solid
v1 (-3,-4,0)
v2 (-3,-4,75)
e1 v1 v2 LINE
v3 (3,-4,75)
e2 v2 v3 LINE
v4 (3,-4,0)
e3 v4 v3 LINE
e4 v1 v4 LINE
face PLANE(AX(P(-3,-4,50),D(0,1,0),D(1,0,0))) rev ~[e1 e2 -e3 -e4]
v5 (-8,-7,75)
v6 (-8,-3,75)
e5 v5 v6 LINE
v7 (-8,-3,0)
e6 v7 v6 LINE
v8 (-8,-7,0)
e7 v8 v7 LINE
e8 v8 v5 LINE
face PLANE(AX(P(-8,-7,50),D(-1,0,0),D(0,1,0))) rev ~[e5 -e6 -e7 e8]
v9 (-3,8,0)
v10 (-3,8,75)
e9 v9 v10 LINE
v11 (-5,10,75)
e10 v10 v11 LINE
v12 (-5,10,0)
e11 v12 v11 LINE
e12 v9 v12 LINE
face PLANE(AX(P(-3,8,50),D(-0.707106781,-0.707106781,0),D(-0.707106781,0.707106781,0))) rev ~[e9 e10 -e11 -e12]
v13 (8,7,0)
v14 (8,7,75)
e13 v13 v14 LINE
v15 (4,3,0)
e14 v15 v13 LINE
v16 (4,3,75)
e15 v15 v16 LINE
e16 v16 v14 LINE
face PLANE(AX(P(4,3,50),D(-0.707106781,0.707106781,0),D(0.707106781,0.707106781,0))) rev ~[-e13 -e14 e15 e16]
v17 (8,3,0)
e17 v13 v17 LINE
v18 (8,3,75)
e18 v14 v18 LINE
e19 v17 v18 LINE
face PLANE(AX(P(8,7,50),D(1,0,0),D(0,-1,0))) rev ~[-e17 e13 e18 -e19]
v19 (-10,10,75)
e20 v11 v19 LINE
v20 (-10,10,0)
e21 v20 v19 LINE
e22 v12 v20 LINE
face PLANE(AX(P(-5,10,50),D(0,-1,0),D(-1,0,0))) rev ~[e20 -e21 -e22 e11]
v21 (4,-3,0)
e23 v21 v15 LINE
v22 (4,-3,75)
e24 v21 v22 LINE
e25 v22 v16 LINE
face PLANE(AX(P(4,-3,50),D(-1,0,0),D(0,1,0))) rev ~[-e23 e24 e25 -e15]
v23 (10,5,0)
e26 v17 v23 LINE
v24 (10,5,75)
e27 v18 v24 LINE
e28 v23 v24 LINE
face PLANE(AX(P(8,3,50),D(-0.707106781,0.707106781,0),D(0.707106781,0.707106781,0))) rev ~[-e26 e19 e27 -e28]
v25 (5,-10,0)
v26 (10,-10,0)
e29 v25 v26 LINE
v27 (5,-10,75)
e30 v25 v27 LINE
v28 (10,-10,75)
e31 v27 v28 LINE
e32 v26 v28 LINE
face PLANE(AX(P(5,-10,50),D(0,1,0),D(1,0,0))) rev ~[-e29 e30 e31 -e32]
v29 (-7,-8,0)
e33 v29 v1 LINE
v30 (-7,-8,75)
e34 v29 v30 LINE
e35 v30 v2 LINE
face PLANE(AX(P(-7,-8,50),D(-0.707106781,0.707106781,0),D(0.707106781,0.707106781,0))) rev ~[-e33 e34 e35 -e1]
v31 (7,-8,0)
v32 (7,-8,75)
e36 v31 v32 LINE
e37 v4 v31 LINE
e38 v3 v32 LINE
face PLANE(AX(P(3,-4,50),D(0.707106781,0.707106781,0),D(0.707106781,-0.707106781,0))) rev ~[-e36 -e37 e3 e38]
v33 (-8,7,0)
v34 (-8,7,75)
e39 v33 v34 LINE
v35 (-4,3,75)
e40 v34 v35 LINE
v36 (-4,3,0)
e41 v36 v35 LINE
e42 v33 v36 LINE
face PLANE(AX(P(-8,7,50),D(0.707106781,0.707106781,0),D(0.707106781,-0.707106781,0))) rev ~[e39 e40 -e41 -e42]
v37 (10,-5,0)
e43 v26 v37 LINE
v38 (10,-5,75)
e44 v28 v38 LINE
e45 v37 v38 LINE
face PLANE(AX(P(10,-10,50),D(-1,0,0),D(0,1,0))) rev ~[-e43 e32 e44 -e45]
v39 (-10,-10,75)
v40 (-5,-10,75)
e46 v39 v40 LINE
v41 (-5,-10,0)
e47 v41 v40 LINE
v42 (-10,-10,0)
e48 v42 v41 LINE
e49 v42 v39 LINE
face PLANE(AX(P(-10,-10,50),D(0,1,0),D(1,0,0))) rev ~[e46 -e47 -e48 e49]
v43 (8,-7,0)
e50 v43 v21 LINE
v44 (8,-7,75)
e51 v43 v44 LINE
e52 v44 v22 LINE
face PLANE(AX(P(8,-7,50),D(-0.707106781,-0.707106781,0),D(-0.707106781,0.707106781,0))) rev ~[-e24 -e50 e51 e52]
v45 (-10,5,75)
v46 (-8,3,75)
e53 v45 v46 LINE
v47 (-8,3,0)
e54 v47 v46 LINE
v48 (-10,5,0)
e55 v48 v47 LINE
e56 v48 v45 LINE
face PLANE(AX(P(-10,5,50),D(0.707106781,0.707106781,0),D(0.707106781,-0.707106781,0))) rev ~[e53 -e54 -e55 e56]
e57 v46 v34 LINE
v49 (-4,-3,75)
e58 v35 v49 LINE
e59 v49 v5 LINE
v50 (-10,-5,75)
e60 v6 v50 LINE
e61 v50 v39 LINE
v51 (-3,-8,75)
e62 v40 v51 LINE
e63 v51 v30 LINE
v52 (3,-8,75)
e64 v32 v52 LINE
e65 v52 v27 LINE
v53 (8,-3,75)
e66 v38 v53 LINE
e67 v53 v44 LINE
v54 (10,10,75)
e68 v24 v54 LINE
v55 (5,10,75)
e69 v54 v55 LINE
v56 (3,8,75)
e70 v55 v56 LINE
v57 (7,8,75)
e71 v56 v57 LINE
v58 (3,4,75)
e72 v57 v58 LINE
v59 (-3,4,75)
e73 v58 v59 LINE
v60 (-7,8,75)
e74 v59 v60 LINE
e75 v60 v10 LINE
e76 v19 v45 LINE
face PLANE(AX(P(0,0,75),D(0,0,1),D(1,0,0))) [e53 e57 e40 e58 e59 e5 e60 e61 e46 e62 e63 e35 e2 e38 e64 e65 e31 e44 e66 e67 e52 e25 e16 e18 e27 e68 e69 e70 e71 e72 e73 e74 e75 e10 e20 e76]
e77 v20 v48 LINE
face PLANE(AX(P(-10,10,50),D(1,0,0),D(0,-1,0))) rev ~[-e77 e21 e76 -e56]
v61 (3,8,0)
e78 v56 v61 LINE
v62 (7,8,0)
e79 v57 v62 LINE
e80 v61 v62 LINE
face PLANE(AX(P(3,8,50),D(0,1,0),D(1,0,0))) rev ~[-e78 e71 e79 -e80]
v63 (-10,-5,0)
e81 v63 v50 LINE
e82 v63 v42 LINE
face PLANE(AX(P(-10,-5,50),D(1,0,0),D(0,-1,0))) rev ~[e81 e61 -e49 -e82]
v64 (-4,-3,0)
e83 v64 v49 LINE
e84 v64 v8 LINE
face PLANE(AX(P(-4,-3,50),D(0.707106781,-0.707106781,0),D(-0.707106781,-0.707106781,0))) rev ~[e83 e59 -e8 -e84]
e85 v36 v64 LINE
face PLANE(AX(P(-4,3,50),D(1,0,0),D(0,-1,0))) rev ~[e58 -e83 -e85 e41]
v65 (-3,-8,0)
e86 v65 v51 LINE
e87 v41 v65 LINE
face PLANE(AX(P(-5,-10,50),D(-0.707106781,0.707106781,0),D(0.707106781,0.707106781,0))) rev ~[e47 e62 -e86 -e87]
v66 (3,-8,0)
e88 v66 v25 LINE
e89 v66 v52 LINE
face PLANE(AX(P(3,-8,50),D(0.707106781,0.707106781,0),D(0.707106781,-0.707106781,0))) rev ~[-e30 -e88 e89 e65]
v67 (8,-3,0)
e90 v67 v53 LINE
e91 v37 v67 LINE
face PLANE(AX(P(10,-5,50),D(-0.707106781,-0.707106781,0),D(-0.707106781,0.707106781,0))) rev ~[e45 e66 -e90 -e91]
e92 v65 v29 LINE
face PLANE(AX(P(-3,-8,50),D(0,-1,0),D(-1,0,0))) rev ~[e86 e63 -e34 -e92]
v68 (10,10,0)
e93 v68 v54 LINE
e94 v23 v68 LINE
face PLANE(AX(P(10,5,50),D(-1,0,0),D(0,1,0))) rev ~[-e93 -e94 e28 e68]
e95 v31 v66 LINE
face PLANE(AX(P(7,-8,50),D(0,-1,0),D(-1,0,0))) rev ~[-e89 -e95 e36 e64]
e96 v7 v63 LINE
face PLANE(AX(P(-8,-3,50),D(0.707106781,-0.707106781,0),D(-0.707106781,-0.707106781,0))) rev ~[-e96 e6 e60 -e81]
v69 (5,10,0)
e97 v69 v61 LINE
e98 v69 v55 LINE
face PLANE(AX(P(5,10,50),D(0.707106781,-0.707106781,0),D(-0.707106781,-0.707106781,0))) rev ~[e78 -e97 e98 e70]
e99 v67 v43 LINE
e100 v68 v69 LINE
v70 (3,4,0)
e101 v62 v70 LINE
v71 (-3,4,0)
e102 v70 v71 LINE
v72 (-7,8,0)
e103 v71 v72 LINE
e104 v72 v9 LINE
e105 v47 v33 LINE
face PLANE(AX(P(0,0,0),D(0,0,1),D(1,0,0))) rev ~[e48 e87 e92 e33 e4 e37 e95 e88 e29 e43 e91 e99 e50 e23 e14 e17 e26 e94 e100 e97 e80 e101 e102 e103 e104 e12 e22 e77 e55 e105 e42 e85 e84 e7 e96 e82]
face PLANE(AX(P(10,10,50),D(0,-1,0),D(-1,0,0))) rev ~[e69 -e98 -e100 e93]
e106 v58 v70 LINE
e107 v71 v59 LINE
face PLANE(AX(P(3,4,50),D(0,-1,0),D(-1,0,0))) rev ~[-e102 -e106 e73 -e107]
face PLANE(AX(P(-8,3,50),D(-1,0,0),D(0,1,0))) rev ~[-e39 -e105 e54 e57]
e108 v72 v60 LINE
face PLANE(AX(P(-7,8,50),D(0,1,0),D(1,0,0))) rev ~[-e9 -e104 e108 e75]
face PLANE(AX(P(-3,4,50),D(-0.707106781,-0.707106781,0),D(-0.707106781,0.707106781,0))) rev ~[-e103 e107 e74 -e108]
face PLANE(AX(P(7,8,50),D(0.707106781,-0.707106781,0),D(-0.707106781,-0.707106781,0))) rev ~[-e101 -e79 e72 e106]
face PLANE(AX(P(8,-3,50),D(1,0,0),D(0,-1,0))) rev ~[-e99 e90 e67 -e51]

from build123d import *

# Parameters (mm, degrees)
F1_DEPTH = 50
F2_DEPTH = 25


with BuildPart() as f1:
    # F0 (on Top) → F1 (new body)
    with BuildSketch(Plane.XY):
        Polygon((4, 3), (4, 4), (3, 4), (-3, 4), (-4, 4), (-4, 3), (-4, -3), (-4, -4), (-3, -4), (3, -4), (4, -4), (4, -3), align=None)
        Polygon((-8, -3), (-10, -5), (-10, -10), (-4, -4), (-4, -3), (-8, -7), align=None)
        Polygon((-10, -10), (-5, -10), (-3, -8), (-7, -8), (-3, -4), (-4, -4), align=None)
        Polygon((5, -10), (10, -10), (4, -4), (3, -4), (7, -8), (3, -8), align=None)
        Polygon((10, -10), (10, -5), (8, -3), (8, -7), (4, -3), (4, -4), align=None)
        Polygon((10, 5), (10, 10), (4, 4), (4, 3), (8, 7), (8, 3), align=None)
        Polygon((4, 4), (10, 10), (5, 10), (3, 8), (7, 8), (3, 4), align=None)
        Polygon((-3, 8), (-5, 10), (-10, 10), (-4, 4), (-3, 4), (-7, 8), align=None)
        Polygon((-4, 4), (-10, 10), (-10, 5), (-8, 3), (-8, 7), (-4, 3), align=None)
    extrude(amount=F1_DEPTH)

    # F2 (add): a face of the model
    f2_faces = [f1.faces().sort_by_distance(p)[0] for p in [
        (0, 0, 50),
    ]]
    extrude(f2_faces, amount=F2_DEPTH)


solid = f1.part
